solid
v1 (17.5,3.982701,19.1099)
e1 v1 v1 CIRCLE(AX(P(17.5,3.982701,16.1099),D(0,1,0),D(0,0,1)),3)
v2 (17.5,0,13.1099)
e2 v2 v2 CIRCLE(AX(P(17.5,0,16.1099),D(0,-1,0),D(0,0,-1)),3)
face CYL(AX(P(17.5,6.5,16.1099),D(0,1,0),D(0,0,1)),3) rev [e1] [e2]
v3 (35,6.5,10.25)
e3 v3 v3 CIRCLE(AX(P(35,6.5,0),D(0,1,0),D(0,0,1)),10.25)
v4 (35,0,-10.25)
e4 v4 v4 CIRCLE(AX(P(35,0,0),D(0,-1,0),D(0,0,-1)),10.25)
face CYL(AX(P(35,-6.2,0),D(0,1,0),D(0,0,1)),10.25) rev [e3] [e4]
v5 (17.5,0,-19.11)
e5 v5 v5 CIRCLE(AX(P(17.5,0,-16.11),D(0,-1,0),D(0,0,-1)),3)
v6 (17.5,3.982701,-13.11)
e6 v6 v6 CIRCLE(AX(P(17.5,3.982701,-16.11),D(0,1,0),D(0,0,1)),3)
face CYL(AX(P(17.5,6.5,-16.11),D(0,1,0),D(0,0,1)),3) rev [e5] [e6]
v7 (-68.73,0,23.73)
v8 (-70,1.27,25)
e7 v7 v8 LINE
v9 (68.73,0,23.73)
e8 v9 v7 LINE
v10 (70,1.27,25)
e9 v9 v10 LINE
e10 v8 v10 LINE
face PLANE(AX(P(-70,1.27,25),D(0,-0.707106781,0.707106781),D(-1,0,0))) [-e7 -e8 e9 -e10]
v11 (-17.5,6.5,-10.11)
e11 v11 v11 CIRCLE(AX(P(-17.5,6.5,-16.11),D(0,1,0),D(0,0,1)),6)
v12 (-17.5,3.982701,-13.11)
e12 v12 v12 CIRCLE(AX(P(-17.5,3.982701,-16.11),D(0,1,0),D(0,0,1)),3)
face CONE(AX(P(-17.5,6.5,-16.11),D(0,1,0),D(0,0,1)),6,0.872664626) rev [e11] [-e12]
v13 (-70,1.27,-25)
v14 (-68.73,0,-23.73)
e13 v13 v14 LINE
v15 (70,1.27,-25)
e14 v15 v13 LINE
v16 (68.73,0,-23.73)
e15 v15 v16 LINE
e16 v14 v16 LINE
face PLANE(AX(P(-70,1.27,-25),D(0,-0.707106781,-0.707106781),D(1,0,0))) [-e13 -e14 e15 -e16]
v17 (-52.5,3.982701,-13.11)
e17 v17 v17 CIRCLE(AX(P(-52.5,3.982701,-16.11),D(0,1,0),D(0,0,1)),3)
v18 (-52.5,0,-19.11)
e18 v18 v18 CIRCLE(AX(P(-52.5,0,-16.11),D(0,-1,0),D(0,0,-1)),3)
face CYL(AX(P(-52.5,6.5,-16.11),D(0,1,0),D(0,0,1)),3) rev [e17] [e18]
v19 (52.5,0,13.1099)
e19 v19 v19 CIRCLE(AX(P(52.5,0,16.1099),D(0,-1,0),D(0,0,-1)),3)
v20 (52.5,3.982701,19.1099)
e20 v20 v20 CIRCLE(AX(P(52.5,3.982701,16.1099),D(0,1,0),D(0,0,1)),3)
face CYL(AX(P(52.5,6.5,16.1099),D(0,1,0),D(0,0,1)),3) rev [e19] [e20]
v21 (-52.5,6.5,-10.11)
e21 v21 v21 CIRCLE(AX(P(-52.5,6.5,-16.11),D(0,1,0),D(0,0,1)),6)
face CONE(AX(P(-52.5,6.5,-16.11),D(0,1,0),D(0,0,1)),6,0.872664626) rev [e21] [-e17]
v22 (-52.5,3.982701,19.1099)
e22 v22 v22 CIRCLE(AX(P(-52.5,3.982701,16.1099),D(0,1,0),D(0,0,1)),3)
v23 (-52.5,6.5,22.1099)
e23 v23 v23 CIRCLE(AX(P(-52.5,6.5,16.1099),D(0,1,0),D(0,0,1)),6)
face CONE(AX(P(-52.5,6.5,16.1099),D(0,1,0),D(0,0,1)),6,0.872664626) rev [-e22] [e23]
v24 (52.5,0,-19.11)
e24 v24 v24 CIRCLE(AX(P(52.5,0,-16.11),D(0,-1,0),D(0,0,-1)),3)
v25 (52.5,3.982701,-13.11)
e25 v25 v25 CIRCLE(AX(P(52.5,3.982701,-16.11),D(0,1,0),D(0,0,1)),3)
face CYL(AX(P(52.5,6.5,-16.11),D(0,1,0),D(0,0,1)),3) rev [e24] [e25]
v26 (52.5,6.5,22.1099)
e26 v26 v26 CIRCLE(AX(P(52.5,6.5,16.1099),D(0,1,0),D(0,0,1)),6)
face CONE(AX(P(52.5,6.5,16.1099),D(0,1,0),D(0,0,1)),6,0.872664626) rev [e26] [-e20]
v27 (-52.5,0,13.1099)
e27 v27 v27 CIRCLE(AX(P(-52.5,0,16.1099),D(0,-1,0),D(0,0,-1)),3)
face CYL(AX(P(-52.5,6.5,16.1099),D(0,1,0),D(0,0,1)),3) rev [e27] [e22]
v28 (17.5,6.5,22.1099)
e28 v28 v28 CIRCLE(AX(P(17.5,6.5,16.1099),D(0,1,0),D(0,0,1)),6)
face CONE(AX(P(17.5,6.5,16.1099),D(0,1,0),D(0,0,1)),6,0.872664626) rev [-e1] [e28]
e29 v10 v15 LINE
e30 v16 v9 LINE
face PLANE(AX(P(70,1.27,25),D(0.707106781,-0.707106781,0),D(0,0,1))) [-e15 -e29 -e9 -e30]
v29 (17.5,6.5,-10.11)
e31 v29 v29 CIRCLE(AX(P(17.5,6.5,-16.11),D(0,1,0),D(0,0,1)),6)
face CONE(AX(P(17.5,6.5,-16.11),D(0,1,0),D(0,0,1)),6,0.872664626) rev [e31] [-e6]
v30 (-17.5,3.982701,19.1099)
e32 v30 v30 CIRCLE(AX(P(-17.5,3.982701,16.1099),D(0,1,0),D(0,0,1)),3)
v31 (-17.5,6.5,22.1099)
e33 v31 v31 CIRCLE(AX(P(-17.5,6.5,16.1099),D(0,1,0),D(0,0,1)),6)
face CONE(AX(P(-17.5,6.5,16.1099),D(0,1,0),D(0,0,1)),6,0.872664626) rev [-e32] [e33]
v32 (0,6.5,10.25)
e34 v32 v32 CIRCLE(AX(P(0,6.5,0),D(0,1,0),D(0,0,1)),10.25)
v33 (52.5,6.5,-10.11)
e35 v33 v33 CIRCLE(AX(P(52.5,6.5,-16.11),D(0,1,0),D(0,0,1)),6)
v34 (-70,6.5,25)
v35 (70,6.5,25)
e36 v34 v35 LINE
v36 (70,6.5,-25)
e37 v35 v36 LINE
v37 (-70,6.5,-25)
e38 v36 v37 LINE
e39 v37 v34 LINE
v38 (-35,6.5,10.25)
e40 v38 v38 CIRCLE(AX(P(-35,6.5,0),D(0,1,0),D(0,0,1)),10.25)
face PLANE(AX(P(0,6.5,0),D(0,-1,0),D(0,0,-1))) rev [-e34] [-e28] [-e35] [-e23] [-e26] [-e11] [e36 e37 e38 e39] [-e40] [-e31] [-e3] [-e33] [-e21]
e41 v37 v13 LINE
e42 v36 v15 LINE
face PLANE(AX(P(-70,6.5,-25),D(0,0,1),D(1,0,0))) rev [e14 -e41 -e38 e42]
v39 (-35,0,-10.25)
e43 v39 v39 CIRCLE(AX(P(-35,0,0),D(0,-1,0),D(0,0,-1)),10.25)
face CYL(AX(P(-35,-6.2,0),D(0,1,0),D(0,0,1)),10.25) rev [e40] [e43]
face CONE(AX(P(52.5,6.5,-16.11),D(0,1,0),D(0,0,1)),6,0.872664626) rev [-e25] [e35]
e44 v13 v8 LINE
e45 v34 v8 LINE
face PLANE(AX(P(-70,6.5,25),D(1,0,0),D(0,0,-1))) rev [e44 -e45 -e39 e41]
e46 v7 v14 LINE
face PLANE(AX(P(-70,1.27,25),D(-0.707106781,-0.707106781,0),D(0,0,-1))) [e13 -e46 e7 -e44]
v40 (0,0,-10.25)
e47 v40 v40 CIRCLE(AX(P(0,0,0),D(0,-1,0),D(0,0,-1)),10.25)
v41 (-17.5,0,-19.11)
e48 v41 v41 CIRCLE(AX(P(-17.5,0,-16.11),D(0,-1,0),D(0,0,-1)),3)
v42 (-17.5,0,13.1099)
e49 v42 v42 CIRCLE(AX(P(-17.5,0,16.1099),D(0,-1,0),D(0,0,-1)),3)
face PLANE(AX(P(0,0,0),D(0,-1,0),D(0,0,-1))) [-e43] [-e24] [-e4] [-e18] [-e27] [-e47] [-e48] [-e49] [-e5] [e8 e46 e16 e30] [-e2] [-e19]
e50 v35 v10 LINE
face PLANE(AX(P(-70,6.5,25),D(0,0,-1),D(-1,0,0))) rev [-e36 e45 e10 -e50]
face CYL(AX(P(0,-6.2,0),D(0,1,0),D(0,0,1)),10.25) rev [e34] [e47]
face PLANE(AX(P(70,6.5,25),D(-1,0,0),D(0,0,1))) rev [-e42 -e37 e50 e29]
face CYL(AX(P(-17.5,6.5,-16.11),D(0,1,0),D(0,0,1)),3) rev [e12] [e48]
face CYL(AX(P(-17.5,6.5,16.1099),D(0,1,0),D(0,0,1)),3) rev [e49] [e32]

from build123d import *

# Parameters (mm, degrees)
SKETCH1_W                                         = 140
SKETCH1_H                                         = 50
BOSS_EXTRUDE2_DEPTH                               = 6.5
SKETCH2_R                                         = 10.25
CUT_EXTRUDE1_DEPTH                                = 12.7
LPATTERN1_COUNT                                   = 2
LPATTERN1_PITCH                                   = 35
LPATTERN1_COL_COUNT                               = 2
LPATTERN1_COL_PITCH                               = 35
CSK_FOR_6_FLAT_HEAD_MACHINE_SCREW_100_D           = 6
CSK_FOR_6_FLAT_HEAD_MACHINE_SCREW_100_CSINK_D     = 12
CSK_FOR_6_FLAT_HEAD_MACHINE_SCREW_100_CSINK_ANGLE = 100
LPATTERN2_COUNT                                   = 4
LPATTERN2_PITCH                                   = 35
LPATTERN2_COUNT_DIR2                              = 2
LPATTERN2_PITCH_DIR2                              = 32.2199
CHAMFER1_SIZE                                     = 1.27


with BuildPart() as part:
    # Sketch1 → Boss-Extrude2 (new body)
    with BuildSketch(Plane(origin=(0, 0, 0), x_dir=(1, 0, 0), z_dir=(0, 1, 0))):
        Rectangle(SKETCH1_W, SKETCH1_H)
    extrude(amount=BOSS_EXTRUDE2_DEPTH)

    # Sketch2 → Cut-Extrude1 (cut)
    with BuildSketch(Plane(origin=(0, 6.5, 0), x_dir=(1, 0, 0), z_dir=(0, 1, 0))):
        with Locations(Location((0, 0, 0), (0, 0, 270))):
            Circle(SKETCH2_R)
    cut_extrude1 = extrude(amount=-CUT_EXTRUDE1_DEPTH, mode=Mode.SUBTRACT)

    # LPattern1: Cut-Extrude1 ×2
    with Locations(*[(i * LPATTERN1_PITCH, 0, 0) for i in range(1, LPATTERN1_COUNT)]):
        add(cut_extrude1, mode=Mode.SUBTRACT)

    # LPattern1 col: Cut-Extrude1 ×2
    with Locations(*[(-i * LPATTERN1_COL_PITCH, 0, 0) for i in range(1, LPATTERN1_COL_COUNT)]):
        add(cut_extrude1, mode=Mode.SUBTRACT)

    # CSK for #6 Flat Head Machine Screw (100)1 (through all)
    with Locations(Plane(origin=(0, 6.5, 0), x_dir=(1, 0, 0), z_dir=(0, 1, 0))):
        with Locations((-52.5, 16.11)):
            csk_for_6_flat_head_machine_screw_100 = CounterSinkHole(CSK_FOR_6_FLAT_HEAD_MACHINE_SCREW_100_D / 2, CSK_FOR_6_FLAT_HEAD_MACHINE_SCREW_100_CSINK_D / 2, counter_sink_angle=CSK_FOR_6_FLAT_HEAD_MACHINE_SCREW_100_CSINK_ANGLE)

    # LPattern2: CSK for _6 Flat Head Machine Screw _100 4 × 2
    with Locations(*[(i * LPATTERN2_PITCH, 0, j * LPATTERN2_PITCH_DIR2) for i in range(LPATTERN2_COUNT) for j in range(LPATTERN2_COUNT_DIR2) if (i, j) != (0, 0)]):
        add(csk_for_6_flat_head_machine_screw_100, mode=Mode.SUBTRACT)

    # Chamfer1
    chamfer1_edges = [part.edges().sort_by_distance(p)[0] for p in [
        (0, 0, 25),
        (-70, 0, 0),
        (0, 0, -25),
        (70, 0, 0),
    ]]
    chamfer(chamfer1_edges, length=CHAMFER1_SIZE)


solid = part.part
